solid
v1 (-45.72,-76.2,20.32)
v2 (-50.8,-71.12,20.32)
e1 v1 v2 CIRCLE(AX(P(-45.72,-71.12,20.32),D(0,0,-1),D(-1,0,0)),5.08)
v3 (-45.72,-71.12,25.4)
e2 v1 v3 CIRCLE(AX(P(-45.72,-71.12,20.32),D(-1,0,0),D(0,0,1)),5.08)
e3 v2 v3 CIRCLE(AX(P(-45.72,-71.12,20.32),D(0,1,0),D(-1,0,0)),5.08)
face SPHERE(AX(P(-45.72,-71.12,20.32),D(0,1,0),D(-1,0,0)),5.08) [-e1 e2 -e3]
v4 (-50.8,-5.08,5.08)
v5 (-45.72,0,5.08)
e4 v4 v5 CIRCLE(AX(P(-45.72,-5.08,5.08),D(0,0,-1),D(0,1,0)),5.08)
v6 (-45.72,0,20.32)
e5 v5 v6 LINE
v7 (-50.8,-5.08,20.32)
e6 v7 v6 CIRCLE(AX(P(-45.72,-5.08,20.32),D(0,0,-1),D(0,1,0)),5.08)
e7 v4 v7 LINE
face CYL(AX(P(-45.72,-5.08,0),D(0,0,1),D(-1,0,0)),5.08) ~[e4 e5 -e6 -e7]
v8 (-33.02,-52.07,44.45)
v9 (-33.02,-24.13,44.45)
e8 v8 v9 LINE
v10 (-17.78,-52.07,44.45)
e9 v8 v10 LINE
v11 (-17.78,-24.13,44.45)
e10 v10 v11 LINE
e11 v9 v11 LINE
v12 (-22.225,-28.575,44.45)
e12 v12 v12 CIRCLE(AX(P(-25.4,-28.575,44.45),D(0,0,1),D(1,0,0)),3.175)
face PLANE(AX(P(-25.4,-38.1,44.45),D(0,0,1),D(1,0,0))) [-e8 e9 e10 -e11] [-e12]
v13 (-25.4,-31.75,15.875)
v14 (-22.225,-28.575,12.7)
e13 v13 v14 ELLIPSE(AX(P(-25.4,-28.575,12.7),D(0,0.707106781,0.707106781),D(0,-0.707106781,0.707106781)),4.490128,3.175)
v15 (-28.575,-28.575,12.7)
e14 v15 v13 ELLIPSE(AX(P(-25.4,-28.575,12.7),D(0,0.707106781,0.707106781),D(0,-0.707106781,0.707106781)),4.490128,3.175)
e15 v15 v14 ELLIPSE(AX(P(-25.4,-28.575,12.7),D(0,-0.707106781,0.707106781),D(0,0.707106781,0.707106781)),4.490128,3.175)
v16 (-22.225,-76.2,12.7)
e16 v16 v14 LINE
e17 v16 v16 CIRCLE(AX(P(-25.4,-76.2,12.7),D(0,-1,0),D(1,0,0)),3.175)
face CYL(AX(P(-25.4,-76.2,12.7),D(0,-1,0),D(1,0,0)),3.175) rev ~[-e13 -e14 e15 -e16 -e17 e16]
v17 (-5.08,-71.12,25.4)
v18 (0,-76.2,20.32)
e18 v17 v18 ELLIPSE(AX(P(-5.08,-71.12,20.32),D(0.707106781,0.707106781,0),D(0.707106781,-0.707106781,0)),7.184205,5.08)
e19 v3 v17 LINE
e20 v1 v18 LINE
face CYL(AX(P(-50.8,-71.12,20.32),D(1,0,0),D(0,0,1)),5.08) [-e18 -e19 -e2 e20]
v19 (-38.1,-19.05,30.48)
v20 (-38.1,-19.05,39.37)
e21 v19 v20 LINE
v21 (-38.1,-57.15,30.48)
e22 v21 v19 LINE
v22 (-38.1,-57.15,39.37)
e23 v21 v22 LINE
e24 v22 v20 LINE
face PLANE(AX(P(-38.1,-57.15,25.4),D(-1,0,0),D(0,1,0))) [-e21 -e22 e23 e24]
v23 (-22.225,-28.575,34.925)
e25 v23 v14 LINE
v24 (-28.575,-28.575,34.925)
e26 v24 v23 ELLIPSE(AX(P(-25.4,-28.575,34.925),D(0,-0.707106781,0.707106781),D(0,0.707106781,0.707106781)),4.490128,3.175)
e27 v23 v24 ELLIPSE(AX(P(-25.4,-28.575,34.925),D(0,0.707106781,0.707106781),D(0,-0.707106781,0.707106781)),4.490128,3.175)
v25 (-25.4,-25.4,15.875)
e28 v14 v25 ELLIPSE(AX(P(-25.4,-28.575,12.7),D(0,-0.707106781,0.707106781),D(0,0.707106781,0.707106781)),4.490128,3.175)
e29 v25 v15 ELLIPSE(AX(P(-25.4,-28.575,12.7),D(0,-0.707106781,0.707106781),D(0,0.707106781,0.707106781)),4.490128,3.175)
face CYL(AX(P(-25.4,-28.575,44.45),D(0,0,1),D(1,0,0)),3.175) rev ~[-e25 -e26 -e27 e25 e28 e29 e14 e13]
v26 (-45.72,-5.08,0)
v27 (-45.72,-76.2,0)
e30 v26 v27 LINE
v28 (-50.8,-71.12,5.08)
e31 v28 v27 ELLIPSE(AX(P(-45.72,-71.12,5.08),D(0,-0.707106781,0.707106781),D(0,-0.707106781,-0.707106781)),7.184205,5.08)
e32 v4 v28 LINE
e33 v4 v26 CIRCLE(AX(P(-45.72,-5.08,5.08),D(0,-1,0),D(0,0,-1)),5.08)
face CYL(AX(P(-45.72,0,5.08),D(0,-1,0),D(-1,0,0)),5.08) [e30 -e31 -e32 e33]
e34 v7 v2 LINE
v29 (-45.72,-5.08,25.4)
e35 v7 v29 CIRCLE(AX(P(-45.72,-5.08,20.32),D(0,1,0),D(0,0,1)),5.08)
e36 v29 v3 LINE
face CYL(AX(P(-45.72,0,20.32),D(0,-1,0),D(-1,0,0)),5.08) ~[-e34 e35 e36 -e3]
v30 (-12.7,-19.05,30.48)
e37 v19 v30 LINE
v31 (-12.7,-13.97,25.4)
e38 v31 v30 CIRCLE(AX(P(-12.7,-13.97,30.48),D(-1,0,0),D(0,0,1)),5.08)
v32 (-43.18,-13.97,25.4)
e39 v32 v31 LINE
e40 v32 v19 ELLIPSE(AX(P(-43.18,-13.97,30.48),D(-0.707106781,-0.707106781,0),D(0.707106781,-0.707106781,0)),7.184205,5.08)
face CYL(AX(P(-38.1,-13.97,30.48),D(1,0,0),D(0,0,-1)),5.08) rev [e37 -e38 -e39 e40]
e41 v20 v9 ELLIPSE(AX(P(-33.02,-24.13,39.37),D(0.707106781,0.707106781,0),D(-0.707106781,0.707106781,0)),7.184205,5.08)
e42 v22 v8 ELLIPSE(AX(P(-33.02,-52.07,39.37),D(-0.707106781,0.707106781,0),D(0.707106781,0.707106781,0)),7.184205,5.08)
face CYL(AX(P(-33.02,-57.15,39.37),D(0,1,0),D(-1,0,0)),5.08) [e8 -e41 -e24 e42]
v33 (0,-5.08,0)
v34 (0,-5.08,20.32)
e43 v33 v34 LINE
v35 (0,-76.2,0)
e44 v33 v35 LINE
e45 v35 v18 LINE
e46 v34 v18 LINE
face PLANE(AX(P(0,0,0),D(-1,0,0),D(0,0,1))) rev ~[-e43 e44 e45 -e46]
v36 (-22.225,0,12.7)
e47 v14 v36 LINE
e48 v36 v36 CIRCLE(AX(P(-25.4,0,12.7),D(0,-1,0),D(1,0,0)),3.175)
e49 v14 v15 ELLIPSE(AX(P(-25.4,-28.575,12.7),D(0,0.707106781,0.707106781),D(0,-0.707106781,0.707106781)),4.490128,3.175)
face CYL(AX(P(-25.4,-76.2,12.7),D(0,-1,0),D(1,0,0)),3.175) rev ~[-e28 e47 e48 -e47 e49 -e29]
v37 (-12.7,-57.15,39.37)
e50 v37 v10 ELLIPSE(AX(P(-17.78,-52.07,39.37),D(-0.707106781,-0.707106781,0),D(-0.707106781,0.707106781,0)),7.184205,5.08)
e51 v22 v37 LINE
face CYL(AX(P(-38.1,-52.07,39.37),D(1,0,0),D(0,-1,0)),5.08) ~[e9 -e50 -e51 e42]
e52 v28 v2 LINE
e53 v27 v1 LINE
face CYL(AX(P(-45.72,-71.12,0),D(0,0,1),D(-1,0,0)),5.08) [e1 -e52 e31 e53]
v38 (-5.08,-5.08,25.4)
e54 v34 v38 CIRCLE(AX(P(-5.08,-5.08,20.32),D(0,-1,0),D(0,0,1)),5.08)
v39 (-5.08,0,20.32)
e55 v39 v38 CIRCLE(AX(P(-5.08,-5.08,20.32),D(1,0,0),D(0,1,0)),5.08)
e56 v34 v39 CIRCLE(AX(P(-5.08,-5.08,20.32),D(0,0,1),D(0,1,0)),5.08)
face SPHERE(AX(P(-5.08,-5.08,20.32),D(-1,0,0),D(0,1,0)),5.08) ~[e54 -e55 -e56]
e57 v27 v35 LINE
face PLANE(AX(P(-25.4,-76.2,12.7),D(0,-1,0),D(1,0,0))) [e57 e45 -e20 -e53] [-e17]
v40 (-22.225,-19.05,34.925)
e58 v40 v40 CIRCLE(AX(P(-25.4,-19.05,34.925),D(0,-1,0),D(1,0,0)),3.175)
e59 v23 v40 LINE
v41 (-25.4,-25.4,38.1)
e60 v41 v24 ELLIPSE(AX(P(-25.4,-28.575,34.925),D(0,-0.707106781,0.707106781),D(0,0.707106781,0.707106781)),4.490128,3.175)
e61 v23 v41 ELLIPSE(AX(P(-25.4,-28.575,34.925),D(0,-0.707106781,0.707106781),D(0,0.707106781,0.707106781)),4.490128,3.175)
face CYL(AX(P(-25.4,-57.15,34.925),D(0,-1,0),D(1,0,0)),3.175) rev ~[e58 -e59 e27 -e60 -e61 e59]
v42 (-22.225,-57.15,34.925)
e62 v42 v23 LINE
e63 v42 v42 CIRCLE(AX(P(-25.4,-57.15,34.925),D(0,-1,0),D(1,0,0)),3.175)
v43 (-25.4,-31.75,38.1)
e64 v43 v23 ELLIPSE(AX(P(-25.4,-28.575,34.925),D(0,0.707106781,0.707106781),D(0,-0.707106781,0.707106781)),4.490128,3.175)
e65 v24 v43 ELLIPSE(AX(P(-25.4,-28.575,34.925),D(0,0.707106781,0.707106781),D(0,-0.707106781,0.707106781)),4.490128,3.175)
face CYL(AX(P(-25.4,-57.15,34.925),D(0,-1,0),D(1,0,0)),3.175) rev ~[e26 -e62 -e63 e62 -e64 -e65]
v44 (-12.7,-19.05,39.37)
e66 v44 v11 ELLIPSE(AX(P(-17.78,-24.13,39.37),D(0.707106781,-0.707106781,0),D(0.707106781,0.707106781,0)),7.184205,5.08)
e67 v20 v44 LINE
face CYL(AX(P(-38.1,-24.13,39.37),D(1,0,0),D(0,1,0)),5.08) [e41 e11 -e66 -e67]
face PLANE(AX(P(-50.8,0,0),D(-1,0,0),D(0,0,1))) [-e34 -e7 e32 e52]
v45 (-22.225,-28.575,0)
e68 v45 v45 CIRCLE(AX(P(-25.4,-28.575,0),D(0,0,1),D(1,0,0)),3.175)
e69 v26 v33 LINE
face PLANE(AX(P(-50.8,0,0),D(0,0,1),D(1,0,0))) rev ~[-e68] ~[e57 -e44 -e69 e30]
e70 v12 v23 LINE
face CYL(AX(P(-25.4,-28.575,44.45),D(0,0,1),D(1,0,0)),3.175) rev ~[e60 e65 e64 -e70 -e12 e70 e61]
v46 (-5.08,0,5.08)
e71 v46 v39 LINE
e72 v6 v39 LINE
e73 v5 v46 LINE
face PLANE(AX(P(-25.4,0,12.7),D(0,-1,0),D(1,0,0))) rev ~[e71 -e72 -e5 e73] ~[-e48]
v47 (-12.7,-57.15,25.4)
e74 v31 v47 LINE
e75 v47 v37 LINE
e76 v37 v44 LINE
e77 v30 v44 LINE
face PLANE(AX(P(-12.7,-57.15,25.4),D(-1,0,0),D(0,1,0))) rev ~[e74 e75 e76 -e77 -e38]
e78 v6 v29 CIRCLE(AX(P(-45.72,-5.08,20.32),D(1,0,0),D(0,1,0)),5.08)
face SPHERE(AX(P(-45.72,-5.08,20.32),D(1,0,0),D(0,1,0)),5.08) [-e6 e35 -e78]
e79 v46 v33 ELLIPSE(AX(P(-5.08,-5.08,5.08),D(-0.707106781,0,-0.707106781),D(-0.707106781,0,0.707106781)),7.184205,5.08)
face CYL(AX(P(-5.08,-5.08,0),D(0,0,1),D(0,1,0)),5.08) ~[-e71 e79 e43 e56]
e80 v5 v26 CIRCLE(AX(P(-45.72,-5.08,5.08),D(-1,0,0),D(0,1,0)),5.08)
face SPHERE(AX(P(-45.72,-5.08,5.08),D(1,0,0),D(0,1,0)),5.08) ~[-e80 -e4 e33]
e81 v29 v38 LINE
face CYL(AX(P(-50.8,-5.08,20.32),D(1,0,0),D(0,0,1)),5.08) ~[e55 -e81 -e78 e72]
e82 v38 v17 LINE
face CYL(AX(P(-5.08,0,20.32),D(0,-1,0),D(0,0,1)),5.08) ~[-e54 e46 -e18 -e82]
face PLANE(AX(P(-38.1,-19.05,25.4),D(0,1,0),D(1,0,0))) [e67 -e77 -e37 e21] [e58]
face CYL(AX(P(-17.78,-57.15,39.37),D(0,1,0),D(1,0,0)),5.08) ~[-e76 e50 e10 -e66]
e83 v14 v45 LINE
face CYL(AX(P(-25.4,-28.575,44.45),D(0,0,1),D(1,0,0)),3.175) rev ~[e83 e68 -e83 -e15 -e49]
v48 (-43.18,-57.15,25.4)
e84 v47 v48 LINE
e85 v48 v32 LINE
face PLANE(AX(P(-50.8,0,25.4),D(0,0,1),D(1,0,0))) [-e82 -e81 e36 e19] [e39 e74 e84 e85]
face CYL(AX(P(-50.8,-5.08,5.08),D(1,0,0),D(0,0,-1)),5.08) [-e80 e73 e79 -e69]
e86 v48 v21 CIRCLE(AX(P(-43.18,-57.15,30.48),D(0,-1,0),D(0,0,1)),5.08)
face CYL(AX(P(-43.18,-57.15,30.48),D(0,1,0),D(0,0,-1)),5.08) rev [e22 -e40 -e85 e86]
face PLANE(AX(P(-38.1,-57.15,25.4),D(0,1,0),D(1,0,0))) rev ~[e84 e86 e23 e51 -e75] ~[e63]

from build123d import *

# Parameters (mm, degrees)
F0_W     = 50.8
F0_H     = 25.4
F1_DEPTH = 76.2
F2_W     = 25.4
F2_H     = 38.1
F3_DEPTH = 19.05
F4_R     = 3.175
F5_DEPTH = 44.45
F6_R     = 3.175
F7_DEPTH = 76.2
F8_R     = 3.175
F9_DEPTH = 38.1
F10_R    = 5.08


with BuildPart() as f1:
    # F0 (on Front) → F1 (new body)
    with BuildSketch(Plane.XZ):
        with Locations((-25.4, 12.7)):
            Rectangle(F0_W, F0_H)
    extrude(amount=F1_DEPTH)

    # F2 (on face) → F3 (join)
    with BuildSketch(Plane.XY.offset(25.4)):
        with Locations((-25.4, -38.1)):
            Rectangle(F2_W, F2_H)
    extrude(amount=F3_DEPTH)

    # F4 (on face) → F5 (cut)
    with BuildSketch(Plane.XY.offset(44.45)):
        with Locations((-25.4, -28.575)):
            Circle(F4_R)
    extrude(amount=-F5_DEPTH, mode=Mode.SUBTRACT)

    # F6 (on face) → F7 (cut)
    with BuildSketch(Plane.XZ.offset(76.2)):
        with Locations((-25.4, 12.7)):
            Circle(F6_R)
    extrude(amount=-F7_DEPTH, mode=Mode.SUBTRACT)

    # F8 (on face) → F9 (cut)
    with BuildSketch(Plane.XZ.offset(57.15)):
        with Locations((-25.4, 34.925)):
            Circle(F8_R)
    extrude(amount=-F9_DEPTH, mode=Mode.SUBTRACT)

    # F10
    f10_edges = [f1.edges().sort_by_distance(p)[0] for p in [
        (-38.1, -38.1, 44.45),
        (-25.4, -19.05, 44.45),
        (-12.7, -38.1, 44.45),
        (-25.4, -57.15, 44.45),
        (-25.4, -19.05, 25.4),
        (-38.1, -38.1, 25.4),
        (-25.4, 0, 25.4),
        (0, 0, 12.7),
        (-25.4, 0, 0),
        (-50.8, 0, 12.7),
        (-50.8, -38.1, 25.4),
        (-50.8, -38.1, 0),
        (-50.8, -76.2, 12.7),
        (-25.4, -76.2, 25.4),
        (0, -38.1, 25.4),
    ]]
    fillet(f10_edges, radius=F10_R)


solid = f1.part
